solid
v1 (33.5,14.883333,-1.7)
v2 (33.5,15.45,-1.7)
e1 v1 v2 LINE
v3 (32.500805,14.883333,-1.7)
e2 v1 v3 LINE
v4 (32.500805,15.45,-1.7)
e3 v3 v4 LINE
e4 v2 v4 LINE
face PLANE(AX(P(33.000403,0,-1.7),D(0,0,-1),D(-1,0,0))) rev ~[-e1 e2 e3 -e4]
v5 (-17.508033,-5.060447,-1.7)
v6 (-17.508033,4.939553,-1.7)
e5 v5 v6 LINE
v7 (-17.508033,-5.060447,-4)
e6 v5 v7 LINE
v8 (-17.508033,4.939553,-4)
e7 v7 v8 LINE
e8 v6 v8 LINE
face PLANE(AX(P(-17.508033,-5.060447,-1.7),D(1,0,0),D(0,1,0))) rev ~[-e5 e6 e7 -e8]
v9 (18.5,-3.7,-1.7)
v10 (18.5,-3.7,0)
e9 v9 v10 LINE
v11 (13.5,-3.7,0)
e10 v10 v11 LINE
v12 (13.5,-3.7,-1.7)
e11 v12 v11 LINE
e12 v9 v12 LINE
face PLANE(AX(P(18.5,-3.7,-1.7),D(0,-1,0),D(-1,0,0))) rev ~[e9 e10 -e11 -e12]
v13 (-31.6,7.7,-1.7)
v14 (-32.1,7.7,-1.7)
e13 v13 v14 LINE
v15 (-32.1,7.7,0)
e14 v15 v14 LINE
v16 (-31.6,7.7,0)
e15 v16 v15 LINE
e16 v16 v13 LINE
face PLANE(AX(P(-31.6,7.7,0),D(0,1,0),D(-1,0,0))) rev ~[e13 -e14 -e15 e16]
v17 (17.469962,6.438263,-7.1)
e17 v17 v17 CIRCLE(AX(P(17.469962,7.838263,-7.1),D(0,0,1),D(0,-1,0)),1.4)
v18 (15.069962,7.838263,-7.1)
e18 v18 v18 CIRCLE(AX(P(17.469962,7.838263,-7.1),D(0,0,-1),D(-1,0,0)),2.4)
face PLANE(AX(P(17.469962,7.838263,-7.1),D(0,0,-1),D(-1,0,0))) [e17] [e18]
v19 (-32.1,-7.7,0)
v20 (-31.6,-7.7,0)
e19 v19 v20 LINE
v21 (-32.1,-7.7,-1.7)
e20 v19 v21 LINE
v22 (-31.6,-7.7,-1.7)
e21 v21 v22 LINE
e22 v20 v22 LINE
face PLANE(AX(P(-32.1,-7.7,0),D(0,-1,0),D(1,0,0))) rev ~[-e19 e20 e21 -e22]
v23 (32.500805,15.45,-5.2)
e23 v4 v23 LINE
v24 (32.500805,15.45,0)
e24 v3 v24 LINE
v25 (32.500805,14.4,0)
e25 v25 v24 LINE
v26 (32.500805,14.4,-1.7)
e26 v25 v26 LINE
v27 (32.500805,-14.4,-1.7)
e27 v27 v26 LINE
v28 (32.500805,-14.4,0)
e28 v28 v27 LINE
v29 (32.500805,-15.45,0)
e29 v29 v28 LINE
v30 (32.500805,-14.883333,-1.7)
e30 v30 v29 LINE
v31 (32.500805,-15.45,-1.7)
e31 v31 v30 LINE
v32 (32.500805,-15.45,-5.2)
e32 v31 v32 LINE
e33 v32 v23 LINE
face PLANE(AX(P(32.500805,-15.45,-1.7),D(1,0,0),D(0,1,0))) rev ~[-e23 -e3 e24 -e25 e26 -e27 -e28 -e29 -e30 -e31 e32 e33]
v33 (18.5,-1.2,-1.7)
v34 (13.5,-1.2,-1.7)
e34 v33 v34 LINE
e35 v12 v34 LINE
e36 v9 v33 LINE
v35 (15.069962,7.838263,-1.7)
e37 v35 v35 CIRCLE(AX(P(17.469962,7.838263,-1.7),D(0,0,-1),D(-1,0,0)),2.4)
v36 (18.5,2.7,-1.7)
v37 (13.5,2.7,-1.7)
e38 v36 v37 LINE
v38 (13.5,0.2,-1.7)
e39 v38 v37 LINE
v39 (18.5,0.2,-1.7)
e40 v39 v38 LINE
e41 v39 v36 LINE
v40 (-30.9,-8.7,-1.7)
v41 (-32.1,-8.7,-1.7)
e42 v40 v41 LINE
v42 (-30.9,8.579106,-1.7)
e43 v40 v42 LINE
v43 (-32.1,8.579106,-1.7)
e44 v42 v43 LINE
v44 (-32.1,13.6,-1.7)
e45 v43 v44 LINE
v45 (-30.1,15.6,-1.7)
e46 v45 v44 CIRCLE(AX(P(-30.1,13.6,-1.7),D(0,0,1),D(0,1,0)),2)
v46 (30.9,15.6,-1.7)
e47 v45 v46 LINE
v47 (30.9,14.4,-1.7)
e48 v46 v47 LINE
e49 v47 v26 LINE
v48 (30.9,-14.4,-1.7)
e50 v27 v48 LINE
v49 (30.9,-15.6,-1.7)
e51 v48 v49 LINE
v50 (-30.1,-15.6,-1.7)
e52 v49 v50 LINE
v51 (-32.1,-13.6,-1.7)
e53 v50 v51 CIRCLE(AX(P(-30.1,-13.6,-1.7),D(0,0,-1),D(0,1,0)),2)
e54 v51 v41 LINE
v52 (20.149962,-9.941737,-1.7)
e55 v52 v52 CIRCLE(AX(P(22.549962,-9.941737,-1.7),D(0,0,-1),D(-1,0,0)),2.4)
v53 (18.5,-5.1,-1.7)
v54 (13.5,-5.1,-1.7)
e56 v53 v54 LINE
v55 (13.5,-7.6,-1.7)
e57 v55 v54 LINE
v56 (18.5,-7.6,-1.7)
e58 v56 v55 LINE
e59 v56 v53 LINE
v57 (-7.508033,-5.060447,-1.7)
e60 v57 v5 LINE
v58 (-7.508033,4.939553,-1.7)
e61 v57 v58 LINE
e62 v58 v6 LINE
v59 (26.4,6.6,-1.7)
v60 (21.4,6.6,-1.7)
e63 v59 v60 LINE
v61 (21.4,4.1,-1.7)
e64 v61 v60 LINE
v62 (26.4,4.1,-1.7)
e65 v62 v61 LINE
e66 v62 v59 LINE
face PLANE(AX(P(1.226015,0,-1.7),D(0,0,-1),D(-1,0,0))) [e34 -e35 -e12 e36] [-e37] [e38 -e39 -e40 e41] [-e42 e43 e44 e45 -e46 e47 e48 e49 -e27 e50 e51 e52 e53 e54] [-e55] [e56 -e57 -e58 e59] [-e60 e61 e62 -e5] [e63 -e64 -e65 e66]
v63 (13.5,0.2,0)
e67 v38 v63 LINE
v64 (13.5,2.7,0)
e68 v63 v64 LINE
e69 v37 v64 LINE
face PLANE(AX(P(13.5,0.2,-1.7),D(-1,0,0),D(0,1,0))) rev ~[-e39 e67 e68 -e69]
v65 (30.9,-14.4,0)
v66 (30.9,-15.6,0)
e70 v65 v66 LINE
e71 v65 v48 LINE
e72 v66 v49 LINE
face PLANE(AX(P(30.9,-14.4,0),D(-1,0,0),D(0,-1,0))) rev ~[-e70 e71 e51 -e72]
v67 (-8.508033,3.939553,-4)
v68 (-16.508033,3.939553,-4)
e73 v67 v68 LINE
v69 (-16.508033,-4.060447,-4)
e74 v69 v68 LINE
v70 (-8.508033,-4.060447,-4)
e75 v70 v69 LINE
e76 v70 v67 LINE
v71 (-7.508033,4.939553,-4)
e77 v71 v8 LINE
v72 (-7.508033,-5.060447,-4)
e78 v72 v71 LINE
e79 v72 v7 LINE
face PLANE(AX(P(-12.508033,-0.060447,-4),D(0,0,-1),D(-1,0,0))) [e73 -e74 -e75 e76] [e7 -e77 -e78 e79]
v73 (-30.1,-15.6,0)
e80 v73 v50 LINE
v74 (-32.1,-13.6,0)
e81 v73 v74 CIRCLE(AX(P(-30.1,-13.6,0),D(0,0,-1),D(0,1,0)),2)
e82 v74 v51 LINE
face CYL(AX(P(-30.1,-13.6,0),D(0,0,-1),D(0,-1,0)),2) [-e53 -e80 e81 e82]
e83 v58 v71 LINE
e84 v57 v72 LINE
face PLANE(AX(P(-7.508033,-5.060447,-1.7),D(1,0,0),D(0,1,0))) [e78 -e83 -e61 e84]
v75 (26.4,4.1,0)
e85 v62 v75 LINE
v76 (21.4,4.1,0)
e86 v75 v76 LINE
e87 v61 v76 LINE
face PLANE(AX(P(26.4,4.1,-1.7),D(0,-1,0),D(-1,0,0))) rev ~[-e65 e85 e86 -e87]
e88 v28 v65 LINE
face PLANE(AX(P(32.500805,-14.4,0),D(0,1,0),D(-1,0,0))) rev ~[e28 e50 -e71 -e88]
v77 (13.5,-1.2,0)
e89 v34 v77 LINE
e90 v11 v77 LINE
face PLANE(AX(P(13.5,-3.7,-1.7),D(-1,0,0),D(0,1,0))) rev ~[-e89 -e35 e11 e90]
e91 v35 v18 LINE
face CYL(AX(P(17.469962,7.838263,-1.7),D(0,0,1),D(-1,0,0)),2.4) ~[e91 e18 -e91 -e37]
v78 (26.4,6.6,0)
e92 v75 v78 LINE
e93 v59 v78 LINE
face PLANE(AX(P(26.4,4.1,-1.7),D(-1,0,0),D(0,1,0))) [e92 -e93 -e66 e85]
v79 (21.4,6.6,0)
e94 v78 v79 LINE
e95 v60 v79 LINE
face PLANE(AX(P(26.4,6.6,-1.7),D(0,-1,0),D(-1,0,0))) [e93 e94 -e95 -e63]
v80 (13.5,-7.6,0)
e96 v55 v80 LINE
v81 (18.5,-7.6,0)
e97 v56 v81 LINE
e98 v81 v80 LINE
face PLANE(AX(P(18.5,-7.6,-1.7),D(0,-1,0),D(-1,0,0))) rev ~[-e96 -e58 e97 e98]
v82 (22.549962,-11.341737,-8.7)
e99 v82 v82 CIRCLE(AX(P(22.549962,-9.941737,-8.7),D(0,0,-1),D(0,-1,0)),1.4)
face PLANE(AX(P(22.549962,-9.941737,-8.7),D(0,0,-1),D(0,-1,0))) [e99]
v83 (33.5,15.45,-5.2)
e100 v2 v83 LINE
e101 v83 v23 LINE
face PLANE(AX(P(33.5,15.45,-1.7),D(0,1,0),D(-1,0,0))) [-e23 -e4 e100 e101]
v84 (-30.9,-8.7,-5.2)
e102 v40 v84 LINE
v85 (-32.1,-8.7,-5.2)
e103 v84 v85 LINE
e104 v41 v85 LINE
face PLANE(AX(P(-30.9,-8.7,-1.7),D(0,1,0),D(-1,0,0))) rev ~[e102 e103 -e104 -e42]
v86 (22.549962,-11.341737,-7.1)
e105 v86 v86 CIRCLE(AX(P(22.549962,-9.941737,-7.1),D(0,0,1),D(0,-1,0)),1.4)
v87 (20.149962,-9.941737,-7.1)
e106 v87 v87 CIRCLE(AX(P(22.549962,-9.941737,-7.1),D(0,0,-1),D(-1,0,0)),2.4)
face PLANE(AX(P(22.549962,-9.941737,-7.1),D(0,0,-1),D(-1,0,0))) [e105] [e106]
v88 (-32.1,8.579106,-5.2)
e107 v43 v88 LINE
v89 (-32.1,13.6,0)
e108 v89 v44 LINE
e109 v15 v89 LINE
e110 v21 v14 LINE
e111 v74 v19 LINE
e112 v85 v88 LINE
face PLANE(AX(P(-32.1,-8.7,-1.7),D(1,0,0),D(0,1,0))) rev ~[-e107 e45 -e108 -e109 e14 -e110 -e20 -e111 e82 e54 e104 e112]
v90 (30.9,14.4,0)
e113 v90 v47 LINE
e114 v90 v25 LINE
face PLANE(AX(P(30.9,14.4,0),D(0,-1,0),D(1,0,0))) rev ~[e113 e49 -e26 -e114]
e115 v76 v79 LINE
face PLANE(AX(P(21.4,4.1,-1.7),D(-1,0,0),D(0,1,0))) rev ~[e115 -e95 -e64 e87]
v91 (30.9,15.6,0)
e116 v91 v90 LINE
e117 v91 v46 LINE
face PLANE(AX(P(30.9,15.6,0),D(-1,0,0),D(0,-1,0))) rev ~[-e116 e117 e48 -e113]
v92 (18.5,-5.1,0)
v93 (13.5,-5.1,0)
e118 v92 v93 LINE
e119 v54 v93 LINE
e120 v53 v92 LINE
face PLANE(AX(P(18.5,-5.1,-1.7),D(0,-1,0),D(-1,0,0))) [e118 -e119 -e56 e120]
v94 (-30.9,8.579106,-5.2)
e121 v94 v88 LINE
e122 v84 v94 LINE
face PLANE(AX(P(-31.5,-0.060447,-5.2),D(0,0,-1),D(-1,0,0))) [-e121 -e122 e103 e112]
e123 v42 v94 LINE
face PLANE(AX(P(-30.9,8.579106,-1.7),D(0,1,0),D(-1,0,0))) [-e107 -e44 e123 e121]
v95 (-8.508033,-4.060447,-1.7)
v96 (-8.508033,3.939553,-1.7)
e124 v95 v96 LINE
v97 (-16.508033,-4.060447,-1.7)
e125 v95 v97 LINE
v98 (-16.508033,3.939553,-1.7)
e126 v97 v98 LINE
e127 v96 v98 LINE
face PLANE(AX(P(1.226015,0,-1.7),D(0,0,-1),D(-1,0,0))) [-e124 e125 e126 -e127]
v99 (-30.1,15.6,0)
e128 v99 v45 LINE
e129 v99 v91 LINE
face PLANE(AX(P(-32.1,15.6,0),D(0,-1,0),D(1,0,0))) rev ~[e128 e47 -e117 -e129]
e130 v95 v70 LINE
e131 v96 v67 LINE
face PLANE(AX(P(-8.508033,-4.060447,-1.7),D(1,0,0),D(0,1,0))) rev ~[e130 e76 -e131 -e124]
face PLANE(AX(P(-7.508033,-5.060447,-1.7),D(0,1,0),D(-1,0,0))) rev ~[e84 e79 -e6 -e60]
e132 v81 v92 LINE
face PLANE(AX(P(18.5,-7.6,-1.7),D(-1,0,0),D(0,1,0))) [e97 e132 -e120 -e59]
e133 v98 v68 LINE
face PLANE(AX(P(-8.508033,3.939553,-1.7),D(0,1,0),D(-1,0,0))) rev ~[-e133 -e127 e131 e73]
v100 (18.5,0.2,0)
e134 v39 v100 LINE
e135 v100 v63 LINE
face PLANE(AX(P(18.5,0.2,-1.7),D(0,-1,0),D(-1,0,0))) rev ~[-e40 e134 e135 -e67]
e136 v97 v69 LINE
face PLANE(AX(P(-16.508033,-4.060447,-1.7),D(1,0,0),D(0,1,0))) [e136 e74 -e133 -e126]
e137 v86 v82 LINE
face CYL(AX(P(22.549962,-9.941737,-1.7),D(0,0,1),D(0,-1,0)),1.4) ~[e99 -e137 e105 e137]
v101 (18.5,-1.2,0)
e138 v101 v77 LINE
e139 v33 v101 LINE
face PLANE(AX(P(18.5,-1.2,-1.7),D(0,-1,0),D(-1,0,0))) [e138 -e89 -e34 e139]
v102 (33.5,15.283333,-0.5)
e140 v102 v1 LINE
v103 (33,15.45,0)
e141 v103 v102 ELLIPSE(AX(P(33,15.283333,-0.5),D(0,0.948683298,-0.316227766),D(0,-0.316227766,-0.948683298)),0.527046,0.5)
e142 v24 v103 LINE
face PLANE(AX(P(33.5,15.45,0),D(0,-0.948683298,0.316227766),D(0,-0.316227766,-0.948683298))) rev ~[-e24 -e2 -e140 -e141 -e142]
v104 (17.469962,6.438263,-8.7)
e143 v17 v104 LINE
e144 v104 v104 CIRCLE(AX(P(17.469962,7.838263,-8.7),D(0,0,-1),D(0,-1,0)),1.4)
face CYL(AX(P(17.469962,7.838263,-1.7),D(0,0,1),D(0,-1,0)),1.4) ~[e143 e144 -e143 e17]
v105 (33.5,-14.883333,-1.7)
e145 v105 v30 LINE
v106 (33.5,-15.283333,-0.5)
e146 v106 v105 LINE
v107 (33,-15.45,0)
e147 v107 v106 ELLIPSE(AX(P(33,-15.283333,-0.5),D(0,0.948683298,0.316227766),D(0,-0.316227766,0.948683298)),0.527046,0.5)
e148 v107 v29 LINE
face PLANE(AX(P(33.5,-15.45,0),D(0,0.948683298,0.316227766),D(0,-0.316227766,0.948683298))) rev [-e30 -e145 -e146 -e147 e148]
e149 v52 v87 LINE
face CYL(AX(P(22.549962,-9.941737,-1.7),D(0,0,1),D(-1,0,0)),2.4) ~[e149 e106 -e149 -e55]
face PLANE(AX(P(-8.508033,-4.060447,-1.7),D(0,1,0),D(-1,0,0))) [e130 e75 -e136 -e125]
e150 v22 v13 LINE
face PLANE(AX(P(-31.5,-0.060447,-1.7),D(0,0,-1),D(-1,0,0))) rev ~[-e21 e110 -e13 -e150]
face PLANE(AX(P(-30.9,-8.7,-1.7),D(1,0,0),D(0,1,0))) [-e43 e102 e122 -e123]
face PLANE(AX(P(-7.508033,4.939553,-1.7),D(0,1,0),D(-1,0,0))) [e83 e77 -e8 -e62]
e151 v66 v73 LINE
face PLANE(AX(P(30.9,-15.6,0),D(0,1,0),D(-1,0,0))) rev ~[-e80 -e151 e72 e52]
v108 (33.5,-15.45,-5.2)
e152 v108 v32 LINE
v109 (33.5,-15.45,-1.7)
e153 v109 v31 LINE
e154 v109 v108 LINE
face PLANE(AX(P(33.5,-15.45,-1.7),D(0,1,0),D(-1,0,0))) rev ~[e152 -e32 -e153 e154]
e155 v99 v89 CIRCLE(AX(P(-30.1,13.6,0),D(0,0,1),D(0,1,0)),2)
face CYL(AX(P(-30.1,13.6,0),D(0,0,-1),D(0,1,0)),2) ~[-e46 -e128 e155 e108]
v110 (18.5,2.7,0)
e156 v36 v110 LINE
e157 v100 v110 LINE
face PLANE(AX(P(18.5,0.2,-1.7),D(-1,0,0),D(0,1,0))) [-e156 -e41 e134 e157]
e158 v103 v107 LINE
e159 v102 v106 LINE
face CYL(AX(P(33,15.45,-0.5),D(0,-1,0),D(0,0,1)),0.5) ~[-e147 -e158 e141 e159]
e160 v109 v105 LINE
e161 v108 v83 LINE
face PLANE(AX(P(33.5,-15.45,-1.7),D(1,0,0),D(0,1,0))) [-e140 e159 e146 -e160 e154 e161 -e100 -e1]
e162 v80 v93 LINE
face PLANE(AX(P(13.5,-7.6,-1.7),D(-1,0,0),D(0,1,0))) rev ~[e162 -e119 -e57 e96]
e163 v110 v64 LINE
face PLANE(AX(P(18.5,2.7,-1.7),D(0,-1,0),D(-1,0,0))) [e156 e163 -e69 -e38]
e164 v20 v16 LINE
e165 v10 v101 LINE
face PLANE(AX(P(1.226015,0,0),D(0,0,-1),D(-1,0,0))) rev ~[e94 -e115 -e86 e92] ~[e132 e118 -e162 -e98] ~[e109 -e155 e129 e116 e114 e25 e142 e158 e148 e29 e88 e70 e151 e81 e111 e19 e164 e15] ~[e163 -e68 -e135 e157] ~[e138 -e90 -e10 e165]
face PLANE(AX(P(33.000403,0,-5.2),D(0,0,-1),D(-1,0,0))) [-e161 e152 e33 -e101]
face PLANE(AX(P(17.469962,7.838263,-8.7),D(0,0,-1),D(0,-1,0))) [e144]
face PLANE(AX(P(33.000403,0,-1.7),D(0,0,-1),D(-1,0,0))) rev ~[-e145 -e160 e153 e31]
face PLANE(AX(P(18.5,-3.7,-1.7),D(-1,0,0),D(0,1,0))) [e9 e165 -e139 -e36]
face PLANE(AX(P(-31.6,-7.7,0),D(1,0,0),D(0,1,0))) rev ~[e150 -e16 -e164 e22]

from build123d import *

# Parameters (mm, degrees)
BOSS_EXTRUDE1_DEPTH = 1.7
SKETCH2_W           = 1.2
SKETCH2_H           = 17.279106444
BOSS_EXTRUDE2_DEPTH = 3.5
CUT_EXTRUDE1_REACH  = 69.63
SKETCH4_W           = 0.999194929
SKETCH4_H           = 30.9
BOSS_EXTRUDE3_DEPTH = 3.5
FILLET1_R           = 2
FILLET2_R           = 0.5
SKETCH5_W           = 5
SKETCH5_H           = 2.5
CUT_EXTRUDE2_DEPTH  = 38.119536635
SKETCH6_W           = 10
SKETCH6_H           = 10
SKETCH6_W_2         = 8
SKETCH6_H_2         = 8
EXTRUDE_THIN1_DEPTH = 2.3
SKETCH8_R           = 1.4
BOSS_EXTRUDE4_DEPTH = 7
SKETCH8_2_R         = 2.4
SKETCH8_2_R_2       = 1.4
EXTRUDE_THIN2_DEPTH = 5.4


with BuildPart() as part:
    # Sketch1 → Boss-Extrude1 (new body)
    with BuildSketch(Plane.XY):
        Polygon((-32.1, 15.6), (30.9, 15.6), (30.9, 14.4), (32.500805071, 14.4), (32.500805071, 15.45), (33.5, 15.45), (33.5, -15.45), (32.500805071, -15.45), (32.500805071, -14.4), (30.9, -14.4), (30.9, -15.6), (-32.1, -15.6), (-32.1, -7.7), (-31.6, -7.7), (-31.6, 7.7), (-32.1, 7.7), align=None)
    extrude(amount=-BOSS_EXTRUDE1_DEPTH)

    # Sketch2 → Boss-Extrude2 (add)
    with BuildSketch(Plane(origin=(0, 0, -1.7), x_dir=(-1, 0, 0), z_dir=(0, 0, -1))):
        with Locations((31.5, -0.060446778)):
            Rectangle(SKETCH2_W, SKETCH2_H)
    extrude(amount=BOSS_EXTRUDE2_DEPTH)

    # Sketch3 → Cut-Extrude1 (cut, up to next)
    with BuildSketch(Plane(origin=(33.5, 0, 0), x_dir=(0, 0, -1), z_dir=(1, 0, 0)), mode=Mode.PRIVATE) as cut_extrude1_sk1:
        Polygon((1.7, 15.45), (0, 15.45), (1.7, 14.883333333), align=None)
    cut_extrude1_tool1 = extrude(cut_extrude1_sk1.sketch, amount=-CUT_EXTRUDE1_REACH, mode=Mode.PRIVATE) & part.part
    cut_extrude1 = cut_extrude1_tool1.solids().sort_by_distance((33.5, 15.261111, -1.133333))[0]
    add(cut_extrude1, mode=Mode.SUBTRACT)

    # Mirror1: Cut-Extrude1 across plane
    add(cut_extrude1.mirror(Plane.ZX), mode=Mode.SUBTRACT)

    # Sketch4 → Boss-Extrude3 (add)
    with BuildSketch(Plane(origin=(0, 0, -1.7), x_dir=(-1, 0, 0), z_dir=(0, 0, -1))):
        with Locations((-33.000402536, 0)):
            Rectangle(SKETCH4_W, SKETCH4_H)
    extrude(amount=BOSS_EXTRUDE3_DEPTH)

    # Fillet1
    fillet1_edges = [part.edges().sort_by_distance(p)[0] for p in [
        (-32.1, -15.6, -0.85),
        (-32.1, 15.6, -0.85),
    ]]
    fillet(fillet1_edges, radius=FILLET1_R)

    # Fillet2
    fillet2_edges = [part.edges().sort_by_distance(p)[0] for p in [
        (33.5, 0, 0),
    ]]
    fillet(fillet2_edges, radius=FILLET2_R)

    # Sketch5 → Cut-Extrude2 (cut, through all)
    with BuildSketch(Plane(origin=(0, 0, -1.7), x_dir=(-1, 0, 0), z_dir=(0, 0, -1))):
        with Locations((-16, -6.35)):
            Rectangle(SKETCH5_W, SKETCH5_H)
        with Locations((-16, -2.45)):
            Rectangle(SKETCH5_W, SKETCH5_H)
        with Locations((-16, 1.45)):
            Rectangle(SKETCH5_W, SKETCH5_H)
        with Locations((-23.9, 5.35)):
            Rectangle(SKETCH5_W, SKETCH5_H)
    extrude(amount=-CUT_EXTRUDE2_DEPTH, mode=Mode.SUBTRACT)

    # Sketch6 → Extrude-Thin1 (add)
    with BuildSketch(Plane(origin=(0, 0, -1.7), x_dir=(-1, 0, 0), z_dir=(0, 0, -1))):
        with Locations((12.508033049, -0.060446778)):
            Rectangle(SKETCH6_W, SKETCH6_H)
        with Locations((12.508033049, -0.060446778)):
            Rectangle(SKETCH6_W_2, SKETCH6_H_2, mode=Mode.SUBTRACT)
    extrude(amount=EXTRUDE_THIN1_DEPTH)

    # Sketch8 → Boss-Extrude4 (add)
    with BuildSketch(Plane(origin=(0, 0, -1.7), x_dir=(-1, 0, 0), z_dir=(0, 0, -1))):
        with Locations(Location((-22.549962349, -9.941736634, 0), (0, 0, 270))):
            Circle(SKETCH8_R)
        with Locations(Location((-17.469962349, 7.838263366, 0), (0, 0, 270))):
            Circle(SKETCH8_R)
    extrude(amount=BOSS_EXTRUDE4_DEPTH)

    # Sketch8<2> → Extrude-Thin2 (add)
    # profile 1 of 2: a face of its own
    with BuildSketch(Plane(origin=(0, 0, -1.7), x_dir=(-1, 0, 0), z_dir=(0, 0, -1))):
        with Locations((-22.549962349, -9.941736634)):
            Circle(SKETCH8_2_R)
        with Locations((-22.549962349, -9.941736634)):
            Circle(SKETCH8_2_R_2, mode=Mode.SUBTRACT)
    # profile 2 of 2: a face of its own
    with BuildSketch(Plane(origin=(0, 0, -1.7), x_dir=(-1, 0, 0), z_dir=(0, 0, -1))):
        with Locations((-17.469962349, 7.838263366)):
            Circle(SKETCH8_2_R)
        with Locations((-17.469962349, 7.838263366)):
            Circle(SKETCH8_2_R_2, mode=Mode.SUBTRACT)
    extrude(amount=EXTRUDE_THIN2_DEPTH)


solid = part.part
